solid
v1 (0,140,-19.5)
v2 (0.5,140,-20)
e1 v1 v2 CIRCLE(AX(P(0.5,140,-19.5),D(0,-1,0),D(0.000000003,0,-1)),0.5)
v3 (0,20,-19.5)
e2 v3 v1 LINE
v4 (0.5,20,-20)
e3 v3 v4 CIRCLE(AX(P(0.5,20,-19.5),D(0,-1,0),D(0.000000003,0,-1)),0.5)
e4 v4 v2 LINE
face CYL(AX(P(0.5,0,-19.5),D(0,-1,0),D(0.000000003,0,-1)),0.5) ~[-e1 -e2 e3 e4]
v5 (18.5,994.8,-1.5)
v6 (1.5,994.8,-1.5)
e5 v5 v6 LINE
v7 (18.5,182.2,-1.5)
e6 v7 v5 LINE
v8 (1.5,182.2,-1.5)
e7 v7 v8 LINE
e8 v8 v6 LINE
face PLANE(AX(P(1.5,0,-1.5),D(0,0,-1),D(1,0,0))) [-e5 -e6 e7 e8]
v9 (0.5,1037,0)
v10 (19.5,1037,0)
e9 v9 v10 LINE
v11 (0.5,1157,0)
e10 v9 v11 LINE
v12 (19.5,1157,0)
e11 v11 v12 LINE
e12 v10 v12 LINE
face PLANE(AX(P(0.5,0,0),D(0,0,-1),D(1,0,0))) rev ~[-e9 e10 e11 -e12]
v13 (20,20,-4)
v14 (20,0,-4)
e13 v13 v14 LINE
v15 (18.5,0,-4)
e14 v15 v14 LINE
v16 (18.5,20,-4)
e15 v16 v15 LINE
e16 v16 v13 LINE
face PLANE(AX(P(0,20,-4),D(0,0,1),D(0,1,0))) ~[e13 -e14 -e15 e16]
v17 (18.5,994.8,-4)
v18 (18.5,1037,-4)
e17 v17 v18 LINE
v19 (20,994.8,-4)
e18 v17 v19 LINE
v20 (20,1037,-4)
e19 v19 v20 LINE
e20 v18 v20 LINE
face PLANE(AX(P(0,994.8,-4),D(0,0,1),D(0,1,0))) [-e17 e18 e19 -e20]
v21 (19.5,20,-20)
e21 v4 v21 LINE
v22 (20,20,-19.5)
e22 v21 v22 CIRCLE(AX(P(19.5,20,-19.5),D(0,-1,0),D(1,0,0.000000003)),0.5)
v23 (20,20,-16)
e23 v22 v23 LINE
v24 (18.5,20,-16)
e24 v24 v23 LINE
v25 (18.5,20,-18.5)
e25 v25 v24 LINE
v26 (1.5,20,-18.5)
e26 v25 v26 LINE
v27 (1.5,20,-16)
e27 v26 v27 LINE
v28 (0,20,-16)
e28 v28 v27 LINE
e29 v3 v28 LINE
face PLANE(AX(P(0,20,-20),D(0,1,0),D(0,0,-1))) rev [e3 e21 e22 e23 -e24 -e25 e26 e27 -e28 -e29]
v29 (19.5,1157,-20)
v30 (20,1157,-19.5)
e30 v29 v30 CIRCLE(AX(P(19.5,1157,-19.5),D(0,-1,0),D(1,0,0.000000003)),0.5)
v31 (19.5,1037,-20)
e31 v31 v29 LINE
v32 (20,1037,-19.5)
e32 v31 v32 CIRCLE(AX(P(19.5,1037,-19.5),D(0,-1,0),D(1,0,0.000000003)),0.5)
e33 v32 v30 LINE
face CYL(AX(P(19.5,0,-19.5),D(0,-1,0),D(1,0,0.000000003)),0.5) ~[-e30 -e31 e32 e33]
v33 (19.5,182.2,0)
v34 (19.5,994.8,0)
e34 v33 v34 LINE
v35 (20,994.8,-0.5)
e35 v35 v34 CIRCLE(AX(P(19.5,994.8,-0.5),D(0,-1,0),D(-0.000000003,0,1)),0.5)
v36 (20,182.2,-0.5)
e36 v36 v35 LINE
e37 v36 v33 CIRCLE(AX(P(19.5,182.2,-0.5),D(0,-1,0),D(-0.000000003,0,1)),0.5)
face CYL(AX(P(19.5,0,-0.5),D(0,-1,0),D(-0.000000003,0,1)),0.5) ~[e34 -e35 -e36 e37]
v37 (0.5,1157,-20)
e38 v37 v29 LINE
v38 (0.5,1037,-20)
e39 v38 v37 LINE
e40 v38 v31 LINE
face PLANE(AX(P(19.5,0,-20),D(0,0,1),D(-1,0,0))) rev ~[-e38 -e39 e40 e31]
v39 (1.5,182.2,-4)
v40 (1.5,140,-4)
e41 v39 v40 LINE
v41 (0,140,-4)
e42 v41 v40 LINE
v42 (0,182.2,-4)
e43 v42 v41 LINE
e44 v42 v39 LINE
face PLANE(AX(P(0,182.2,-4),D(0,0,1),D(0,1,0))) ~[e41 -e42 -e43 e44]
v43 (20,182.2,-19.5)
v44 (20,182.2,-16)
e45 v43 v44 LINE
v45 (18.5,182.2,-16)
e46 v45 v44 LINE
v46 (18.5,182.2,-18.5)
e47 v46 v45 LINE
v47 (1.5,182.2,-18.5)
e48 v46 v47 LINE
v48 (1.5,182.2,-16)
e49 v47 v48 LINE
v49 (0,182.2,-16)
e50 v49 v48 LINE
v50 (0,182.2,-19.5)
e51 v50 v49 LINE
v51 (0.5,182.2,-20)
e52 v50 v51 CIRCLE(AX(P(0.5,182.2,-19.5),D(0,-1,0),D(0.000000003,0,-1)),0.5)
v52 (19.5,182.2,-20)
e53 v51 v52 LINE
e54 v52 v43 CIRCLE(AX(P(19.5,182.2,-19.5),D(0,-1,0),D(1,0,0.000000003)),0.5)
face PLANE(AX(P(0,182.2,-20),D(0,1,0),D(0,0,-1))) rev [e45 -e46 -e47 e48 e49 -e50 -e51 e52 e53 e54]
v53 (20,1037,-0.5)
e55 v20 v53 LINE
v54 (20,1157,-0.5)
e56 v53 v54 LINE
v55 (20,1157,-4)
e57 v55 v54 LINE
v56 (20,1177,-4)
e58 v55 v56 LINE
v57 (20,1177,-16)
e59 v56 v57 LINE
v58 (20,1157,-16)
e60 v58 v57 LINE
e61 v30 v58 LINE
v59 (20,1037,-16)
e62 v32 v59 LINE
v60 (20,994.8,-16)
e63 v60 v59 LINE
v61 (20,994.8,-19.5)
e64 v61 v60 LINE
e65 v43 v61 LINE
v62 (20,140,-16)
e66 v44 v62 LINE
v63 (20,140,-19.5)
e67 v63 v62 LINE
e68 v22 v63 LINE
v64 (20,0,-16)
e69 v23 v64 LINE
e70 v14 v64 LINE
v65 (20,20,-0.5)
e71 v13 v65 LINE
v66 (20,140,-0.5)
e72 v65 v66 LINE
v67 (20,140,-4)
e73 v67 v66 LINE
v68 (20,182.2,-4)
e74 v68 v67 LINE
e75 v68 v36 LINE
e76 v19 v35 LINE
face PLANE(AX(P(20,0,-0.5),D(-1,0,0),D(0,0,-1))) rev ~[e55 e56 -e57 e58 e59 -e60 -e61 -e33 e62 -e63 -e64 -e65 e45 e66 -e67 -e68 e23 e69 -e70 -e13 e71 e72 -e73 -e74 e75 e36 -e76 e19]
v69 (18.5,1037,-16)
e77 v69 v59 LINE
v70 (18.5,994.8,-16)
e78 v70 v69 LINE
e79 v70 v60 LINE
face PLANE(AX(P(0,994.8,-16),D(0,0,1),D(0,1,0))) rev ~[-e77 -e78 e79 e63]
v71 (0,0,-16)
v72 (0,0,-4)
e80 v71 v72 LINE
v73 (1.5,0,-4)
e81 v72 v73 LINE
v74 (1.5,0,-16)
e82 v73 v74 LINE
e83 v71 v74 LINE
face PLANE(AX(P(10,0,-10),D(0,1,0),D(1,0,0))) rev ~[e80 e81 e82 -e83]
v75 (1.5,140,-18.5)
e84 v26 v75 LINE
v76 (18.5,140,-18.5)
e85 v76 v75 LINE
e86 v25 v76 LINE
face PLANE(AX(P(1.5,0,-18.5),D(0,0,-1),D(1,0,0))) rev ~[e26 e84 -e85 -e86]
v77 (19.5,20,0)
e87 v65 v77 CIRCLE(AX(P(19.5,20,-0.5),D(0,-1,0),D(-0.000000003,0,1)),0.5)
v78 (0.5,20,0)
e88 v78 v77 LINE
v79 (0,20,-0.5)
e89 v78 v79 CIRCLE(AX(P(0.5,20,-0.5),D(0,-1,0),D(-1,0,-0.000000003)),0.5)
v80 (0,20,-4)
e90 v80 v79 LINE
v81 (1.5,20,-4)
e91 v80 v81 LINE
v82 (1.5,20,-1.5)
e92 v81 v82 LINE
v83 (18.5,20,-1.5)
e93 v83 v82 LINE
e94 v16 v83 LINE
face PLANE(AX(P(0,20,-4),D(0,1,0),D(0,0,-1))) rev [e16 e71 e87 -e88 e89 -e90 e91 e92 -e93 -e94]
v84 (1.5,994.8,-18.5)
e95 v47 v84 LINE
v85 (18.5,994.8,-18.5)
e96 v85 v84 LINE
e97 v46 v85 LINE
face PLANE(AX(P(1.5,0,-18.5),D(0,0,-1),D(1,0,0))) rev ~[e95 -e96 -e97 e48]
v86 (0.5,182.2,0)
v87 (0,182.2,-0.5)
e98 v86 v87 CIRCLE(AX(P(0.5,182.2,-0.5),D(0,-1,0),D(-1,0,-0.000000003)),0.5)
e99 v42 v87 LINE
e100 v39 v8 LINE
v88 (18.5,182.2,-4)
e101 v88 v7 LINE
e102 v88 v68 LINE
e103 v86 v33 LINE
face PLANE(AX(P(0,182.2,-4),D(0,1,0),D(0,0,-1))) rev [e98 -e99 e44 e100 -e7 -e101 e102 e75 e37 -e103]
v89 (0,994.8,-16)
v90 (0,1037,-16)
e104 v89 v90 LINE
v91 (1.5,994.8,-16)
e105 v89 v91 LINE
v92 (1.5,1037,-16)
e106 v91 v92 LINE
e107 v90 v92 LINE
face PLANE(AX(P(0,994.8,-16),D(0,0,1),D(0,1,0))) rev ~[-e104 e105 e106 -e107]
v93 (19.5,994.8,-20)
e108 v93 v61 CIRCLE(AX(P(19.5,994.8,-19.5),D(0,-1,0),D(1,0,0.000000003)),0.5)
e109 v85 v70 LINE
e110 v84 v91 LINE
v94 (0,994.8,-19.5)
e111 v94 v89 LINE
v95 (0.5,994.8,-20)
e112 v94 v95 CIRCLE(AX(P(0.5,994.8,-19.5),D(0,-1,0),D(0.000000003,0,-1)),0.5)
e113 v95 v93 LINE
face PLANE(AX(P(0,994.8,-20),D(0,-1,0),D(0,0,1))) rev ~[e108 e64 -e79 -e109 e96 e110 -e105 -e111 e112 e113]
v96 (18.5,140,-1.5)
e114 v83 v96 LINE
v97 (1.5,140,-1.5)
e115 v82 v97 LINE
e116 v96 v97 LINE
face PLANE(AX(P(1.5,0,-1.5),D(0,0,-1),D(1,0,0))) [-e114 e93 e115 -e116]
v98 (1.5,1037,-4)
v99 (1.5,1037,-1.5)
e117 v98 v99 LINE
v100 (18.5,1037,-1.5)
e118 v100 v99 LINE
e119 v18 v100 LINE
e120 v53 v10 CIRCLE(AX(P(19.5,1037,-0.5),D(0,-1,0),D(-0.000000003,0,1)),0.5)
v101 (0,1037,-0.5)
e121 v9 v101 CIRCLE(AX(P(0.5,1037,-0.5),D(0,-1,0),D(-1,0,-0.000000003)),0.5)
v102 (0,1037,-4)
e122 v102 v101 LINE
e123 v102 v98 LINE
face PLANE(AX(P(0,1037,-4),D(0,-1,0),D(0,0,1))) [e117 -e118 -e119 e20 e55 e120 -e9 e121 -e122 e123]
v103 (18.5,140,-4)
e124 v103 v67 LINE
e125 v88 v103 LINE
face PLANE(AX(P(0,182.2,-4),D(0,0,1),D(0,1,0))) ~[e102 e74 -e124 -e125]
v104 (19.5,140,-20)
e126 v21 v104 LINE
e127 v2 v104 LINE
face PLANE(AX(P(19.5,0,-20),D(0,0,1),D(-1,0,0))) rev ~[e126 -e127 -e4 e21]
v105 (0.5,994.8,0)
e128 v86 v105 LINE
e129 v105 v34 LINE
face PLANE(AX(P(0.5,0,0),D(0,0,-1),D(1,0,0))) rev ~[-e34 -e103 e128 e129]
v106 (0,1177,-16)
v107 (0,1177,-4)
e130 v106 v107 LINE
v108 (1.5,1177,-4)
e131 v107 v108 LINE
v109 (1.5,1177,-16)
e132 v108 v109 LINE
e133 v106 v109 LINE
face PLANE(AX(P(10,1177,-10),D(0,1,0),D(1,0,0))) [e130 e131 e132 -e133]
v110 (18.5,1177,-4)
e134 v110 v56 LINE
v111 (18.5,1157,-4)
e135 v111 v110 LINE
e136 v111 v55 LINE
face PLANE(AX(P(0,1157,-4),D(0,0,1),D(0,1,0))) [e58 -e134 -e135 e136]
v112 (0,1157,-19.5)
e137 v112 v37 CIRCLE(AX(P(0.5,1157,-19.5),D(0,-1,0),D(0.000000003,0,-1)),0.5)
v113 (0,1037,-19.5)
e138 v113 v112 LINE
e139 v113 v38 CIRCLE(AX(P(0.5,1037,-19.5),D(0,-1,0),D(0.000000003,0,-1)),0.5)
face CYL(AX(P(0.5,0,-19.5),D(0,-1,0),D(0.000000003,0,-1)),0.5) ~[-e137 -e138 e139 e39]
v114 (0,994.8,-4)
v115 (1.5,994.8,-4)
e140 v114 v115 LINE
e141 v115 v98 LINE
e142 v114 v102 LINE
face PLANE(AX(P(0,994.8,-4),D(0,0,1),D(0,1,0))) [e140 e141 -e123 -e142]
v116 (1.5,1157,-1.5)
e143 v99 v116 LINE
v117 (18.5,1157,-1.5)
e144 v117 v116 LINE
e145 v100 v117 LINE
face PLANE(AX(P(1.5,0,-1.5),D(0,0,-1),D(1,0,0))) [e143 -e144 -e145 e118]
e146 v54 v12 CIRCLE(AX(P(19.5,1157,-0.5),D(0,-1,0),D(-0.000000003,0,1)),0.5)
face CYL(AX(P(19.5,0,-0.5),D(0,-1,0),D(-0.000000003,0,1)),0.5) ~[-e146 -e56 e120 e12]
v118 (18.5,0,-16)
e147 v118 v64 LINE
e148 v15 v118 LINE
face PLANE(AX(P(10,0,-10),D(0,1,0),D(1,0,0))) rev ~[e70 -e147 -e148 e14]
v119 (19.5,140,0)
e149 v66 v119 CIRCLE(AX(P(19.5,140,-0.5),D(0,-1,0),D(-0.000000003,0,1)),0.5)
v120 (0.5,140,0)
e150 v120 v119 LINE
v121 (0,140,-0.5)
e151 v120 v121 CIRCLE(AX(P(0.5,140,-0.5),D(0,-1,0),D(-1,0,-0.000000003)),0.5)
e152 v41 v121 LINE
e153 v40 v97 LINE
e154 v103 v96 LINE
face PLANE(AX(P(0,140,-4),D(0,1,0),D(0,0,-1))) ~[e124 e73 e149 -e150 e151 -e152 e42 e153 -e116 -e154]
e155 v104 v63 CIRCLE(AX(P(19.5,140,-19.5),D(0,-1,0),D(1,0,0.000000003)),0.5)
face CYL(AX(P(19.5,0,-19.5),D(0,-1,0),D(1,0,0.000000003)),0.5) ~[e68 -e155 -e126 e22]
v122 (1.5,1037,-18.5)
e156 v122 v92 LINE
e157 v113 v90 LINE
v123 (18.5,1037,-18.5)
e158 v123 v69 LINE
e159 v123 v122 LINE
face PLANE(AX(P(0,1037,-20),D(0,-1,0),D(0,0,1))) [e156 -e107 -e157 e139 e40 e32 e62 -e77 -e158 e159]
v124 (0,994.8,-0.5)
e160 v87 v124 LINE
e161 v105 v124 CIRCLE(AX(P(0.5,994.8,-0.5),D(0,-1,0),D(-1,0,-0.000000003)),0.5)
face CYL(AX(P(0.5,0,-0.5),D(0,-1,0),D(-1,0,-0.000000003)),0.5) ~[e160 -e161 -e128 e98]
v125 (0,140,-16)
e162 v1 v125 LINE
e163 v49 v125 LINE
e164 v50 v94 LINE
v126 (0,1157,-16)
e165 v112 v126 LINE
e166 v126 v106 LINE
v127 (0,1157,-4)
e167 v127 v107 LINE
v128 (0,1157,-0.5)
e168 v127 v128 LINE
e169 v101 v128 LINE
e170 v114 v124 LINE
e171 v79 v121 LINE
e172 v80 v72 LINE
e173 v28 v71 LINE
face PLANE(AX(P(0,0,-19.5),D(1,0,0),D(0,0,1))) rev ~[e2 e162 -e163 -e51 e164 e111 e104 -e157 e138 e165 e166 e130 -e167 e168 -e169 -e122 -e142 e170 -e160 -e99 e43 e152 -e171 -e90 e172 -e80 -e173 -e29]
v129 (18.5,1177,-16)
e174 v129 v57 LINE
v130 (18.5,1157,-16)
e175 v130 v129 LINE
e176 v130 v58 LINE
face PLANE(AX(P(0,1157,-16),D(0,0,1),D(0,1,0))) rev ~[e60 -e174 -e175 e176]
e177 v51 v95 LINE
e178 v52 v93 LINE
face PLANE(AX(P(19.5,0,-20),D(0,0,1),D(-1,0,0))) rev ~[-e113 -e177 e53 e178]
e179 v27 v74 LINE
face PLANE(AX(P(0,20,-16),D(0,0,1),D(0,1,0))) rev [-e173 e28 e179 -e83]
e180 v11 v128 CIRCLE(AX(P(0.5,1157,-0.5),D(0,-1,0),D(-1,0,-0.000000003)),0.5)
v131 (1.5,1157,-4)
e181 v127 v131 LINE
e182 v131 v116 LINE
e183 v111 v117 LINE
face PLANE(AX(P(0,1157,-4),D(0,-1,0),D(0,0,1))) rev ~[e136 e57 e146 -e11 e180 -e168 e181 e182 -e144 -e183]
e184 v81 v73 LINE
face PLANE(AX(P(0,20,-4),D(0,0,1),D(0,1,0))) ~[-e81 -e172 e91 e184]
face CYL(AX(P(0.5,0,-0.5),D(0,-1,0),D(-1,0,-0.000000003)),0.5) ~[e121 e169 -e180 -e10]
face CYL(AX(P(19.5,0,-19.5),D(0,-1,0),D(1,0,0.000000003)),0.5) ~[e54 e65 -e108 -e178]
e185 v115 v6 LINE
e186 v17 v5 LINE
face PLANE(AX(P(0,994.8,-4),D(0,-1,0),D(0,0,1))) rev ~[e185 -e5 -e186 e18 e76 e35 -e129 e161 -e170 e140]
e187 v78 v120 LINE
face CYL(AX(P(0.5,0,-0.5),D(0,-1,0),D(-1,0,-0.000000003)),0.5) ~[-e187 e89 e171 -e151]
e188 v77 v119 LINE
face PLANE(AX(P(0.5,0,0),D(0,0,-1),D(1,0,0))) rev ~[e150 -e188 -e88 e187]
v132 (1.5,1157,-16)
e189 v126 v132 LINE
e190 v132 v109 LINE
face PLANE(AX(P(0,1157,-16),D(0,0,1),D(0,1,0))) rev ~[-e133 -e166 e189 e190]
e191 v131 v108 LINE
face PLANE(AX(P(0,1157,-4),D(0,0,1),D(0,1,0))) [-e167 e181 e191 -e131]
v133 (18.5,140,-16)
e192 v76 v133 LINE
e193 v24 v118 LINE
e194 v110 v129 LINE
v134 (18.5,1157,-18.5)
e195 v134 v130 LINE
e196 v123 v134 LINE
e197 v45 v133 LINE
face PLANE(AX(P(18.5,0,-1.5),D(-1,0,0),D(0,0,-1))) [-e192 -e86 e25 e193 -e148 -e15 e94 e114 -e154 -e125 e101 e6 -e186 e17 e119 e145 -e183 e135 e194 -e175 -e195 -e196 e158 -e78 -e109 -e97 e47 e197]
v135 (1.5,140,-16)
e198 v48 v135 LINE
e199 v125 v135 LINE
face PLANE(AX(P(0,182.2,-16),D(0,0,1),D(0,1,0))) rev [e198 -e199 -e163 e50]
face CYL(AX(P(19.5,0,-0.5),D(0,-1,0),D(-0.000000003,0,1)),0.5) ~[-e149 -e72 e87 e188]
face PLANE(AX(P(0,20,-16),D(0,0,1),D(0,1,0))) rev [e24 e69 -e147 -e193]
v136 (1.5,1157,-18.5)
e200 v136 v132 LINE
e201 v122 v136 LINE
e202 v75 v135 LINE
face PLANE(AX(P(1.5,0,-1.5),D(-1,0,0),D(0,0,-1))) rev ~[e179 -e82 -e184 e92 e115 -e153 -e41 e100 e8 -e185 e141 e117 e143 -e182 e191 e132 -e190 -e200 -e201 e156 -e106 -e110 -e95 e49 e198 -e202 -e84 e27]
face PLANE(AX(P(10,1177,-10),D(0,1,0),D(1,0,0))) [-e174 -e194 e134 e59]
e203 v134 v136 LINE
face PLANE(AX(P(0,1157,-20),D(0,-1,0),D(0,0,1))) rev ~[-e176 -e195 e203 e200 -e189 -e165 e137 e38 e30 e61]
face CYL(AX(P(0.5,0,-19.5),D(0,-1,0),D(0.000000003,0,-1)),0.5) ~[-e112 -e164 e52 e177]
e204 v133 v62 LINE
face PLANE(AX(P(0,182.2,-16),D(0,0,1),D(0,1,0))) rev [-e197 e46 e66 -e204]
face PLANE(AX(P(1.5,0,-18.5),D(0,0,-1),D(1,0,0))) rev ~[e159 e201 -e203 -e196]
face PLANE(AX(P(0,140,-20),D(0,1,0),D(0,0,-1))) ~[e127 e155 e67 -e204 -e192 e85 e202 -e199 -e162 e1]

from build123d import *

# Parameters (mm, degrees)
SKETCH1_W           = 17
SKETCH1_H           = 17
BOSS_EXTRUDE1_DEPTH = 1177
SKETCH3_W           = 4
SKETCH3_H           = 20
CUT_EXTRUDE2_DEPTH  = 977
SKETCH2_W           = 4
SKETCH2_H           = 42.2
CUT_EXTRUDE1_DEPTH  = 1178.339798019


with BuildPart() as part:
    # Sketch1 → Boss-Extrude1 (new body)
    with BuildSketch(Plane(origin=(0, 0, 0), x_dir=(1, 0, 0), z_dir=(0, 1, 0))):
        with BuildLine():
            Line((0.5, 0), (19.5, 0))
            ThreePointArc((19.5, 0), (19.853553391, 0.146446609), (20, 0.5))
            Line((20, 0.5), (20, 19.5))
            ThreePointArc((20, 19.5), (19.853553391, 19.853553391), (19.5, 20))
            Line((19.5, 20), (0.5, 20))
            ThreePointArc((0.5, 20), (0.146446609, 19.853553391), (0, 19.5))
            Line((0, 19.5), (0, 0.5))
            ThreePointArc((0, 0.5), (0.146446609, 0.146446609), (0.5, 0))
        make_face()
        with Locations((10, 10)):
            Rectangle(SKETCH1_W, SKETCH1_H, mode=Mode.SUBTRACT)
    extrude(amount=BOSS_EXTRUDE1_DEPTH)

    # Sketch3 → Cut-Extrude2 (cut)
    with BuildSketch(Plane.ZY):
        with Locations((-2, 1167)):
            Rectangle(SKETCH3_W, SKETCH3_H)
        with Locations((-18, 1167)):
            Rectangle(SKETCH3_W, SKETCH3_H)
    cut_extrude2 = extrude(amount=-CUT_EXTRUDE2_DEPTH, mode=Mode.SUBTRACT)

    # Sketch2 → Cut-Extrude1 (cut, through all)
    with BuildSketch(Plane.ZY):
        with Locations((-2, 1015.9)):
            Rectangle(SKETCH2_W, SKETCH2_H)
        with Locations((-18, 1015.9)):
            Rectangle(SKETCH2_W, SKETCH2_H)
    cut_extrude1 = extrude(amount=-CUT_EXTRUDE1_DEPTH, mode=Mode.SUBTRACT)

    # Mirror1: Cut-Extrude2, Cut-Extrude1 across plane
    add(cut_extrude2.mirror(Plane.ZX.offset(588.5)), mode=Mode.SUBTRACT)
    add(cut_extrude1.mirror(Plane.ZX.offset(588.5)), mode=Mode.SUBTRACT)


solid = part.part
